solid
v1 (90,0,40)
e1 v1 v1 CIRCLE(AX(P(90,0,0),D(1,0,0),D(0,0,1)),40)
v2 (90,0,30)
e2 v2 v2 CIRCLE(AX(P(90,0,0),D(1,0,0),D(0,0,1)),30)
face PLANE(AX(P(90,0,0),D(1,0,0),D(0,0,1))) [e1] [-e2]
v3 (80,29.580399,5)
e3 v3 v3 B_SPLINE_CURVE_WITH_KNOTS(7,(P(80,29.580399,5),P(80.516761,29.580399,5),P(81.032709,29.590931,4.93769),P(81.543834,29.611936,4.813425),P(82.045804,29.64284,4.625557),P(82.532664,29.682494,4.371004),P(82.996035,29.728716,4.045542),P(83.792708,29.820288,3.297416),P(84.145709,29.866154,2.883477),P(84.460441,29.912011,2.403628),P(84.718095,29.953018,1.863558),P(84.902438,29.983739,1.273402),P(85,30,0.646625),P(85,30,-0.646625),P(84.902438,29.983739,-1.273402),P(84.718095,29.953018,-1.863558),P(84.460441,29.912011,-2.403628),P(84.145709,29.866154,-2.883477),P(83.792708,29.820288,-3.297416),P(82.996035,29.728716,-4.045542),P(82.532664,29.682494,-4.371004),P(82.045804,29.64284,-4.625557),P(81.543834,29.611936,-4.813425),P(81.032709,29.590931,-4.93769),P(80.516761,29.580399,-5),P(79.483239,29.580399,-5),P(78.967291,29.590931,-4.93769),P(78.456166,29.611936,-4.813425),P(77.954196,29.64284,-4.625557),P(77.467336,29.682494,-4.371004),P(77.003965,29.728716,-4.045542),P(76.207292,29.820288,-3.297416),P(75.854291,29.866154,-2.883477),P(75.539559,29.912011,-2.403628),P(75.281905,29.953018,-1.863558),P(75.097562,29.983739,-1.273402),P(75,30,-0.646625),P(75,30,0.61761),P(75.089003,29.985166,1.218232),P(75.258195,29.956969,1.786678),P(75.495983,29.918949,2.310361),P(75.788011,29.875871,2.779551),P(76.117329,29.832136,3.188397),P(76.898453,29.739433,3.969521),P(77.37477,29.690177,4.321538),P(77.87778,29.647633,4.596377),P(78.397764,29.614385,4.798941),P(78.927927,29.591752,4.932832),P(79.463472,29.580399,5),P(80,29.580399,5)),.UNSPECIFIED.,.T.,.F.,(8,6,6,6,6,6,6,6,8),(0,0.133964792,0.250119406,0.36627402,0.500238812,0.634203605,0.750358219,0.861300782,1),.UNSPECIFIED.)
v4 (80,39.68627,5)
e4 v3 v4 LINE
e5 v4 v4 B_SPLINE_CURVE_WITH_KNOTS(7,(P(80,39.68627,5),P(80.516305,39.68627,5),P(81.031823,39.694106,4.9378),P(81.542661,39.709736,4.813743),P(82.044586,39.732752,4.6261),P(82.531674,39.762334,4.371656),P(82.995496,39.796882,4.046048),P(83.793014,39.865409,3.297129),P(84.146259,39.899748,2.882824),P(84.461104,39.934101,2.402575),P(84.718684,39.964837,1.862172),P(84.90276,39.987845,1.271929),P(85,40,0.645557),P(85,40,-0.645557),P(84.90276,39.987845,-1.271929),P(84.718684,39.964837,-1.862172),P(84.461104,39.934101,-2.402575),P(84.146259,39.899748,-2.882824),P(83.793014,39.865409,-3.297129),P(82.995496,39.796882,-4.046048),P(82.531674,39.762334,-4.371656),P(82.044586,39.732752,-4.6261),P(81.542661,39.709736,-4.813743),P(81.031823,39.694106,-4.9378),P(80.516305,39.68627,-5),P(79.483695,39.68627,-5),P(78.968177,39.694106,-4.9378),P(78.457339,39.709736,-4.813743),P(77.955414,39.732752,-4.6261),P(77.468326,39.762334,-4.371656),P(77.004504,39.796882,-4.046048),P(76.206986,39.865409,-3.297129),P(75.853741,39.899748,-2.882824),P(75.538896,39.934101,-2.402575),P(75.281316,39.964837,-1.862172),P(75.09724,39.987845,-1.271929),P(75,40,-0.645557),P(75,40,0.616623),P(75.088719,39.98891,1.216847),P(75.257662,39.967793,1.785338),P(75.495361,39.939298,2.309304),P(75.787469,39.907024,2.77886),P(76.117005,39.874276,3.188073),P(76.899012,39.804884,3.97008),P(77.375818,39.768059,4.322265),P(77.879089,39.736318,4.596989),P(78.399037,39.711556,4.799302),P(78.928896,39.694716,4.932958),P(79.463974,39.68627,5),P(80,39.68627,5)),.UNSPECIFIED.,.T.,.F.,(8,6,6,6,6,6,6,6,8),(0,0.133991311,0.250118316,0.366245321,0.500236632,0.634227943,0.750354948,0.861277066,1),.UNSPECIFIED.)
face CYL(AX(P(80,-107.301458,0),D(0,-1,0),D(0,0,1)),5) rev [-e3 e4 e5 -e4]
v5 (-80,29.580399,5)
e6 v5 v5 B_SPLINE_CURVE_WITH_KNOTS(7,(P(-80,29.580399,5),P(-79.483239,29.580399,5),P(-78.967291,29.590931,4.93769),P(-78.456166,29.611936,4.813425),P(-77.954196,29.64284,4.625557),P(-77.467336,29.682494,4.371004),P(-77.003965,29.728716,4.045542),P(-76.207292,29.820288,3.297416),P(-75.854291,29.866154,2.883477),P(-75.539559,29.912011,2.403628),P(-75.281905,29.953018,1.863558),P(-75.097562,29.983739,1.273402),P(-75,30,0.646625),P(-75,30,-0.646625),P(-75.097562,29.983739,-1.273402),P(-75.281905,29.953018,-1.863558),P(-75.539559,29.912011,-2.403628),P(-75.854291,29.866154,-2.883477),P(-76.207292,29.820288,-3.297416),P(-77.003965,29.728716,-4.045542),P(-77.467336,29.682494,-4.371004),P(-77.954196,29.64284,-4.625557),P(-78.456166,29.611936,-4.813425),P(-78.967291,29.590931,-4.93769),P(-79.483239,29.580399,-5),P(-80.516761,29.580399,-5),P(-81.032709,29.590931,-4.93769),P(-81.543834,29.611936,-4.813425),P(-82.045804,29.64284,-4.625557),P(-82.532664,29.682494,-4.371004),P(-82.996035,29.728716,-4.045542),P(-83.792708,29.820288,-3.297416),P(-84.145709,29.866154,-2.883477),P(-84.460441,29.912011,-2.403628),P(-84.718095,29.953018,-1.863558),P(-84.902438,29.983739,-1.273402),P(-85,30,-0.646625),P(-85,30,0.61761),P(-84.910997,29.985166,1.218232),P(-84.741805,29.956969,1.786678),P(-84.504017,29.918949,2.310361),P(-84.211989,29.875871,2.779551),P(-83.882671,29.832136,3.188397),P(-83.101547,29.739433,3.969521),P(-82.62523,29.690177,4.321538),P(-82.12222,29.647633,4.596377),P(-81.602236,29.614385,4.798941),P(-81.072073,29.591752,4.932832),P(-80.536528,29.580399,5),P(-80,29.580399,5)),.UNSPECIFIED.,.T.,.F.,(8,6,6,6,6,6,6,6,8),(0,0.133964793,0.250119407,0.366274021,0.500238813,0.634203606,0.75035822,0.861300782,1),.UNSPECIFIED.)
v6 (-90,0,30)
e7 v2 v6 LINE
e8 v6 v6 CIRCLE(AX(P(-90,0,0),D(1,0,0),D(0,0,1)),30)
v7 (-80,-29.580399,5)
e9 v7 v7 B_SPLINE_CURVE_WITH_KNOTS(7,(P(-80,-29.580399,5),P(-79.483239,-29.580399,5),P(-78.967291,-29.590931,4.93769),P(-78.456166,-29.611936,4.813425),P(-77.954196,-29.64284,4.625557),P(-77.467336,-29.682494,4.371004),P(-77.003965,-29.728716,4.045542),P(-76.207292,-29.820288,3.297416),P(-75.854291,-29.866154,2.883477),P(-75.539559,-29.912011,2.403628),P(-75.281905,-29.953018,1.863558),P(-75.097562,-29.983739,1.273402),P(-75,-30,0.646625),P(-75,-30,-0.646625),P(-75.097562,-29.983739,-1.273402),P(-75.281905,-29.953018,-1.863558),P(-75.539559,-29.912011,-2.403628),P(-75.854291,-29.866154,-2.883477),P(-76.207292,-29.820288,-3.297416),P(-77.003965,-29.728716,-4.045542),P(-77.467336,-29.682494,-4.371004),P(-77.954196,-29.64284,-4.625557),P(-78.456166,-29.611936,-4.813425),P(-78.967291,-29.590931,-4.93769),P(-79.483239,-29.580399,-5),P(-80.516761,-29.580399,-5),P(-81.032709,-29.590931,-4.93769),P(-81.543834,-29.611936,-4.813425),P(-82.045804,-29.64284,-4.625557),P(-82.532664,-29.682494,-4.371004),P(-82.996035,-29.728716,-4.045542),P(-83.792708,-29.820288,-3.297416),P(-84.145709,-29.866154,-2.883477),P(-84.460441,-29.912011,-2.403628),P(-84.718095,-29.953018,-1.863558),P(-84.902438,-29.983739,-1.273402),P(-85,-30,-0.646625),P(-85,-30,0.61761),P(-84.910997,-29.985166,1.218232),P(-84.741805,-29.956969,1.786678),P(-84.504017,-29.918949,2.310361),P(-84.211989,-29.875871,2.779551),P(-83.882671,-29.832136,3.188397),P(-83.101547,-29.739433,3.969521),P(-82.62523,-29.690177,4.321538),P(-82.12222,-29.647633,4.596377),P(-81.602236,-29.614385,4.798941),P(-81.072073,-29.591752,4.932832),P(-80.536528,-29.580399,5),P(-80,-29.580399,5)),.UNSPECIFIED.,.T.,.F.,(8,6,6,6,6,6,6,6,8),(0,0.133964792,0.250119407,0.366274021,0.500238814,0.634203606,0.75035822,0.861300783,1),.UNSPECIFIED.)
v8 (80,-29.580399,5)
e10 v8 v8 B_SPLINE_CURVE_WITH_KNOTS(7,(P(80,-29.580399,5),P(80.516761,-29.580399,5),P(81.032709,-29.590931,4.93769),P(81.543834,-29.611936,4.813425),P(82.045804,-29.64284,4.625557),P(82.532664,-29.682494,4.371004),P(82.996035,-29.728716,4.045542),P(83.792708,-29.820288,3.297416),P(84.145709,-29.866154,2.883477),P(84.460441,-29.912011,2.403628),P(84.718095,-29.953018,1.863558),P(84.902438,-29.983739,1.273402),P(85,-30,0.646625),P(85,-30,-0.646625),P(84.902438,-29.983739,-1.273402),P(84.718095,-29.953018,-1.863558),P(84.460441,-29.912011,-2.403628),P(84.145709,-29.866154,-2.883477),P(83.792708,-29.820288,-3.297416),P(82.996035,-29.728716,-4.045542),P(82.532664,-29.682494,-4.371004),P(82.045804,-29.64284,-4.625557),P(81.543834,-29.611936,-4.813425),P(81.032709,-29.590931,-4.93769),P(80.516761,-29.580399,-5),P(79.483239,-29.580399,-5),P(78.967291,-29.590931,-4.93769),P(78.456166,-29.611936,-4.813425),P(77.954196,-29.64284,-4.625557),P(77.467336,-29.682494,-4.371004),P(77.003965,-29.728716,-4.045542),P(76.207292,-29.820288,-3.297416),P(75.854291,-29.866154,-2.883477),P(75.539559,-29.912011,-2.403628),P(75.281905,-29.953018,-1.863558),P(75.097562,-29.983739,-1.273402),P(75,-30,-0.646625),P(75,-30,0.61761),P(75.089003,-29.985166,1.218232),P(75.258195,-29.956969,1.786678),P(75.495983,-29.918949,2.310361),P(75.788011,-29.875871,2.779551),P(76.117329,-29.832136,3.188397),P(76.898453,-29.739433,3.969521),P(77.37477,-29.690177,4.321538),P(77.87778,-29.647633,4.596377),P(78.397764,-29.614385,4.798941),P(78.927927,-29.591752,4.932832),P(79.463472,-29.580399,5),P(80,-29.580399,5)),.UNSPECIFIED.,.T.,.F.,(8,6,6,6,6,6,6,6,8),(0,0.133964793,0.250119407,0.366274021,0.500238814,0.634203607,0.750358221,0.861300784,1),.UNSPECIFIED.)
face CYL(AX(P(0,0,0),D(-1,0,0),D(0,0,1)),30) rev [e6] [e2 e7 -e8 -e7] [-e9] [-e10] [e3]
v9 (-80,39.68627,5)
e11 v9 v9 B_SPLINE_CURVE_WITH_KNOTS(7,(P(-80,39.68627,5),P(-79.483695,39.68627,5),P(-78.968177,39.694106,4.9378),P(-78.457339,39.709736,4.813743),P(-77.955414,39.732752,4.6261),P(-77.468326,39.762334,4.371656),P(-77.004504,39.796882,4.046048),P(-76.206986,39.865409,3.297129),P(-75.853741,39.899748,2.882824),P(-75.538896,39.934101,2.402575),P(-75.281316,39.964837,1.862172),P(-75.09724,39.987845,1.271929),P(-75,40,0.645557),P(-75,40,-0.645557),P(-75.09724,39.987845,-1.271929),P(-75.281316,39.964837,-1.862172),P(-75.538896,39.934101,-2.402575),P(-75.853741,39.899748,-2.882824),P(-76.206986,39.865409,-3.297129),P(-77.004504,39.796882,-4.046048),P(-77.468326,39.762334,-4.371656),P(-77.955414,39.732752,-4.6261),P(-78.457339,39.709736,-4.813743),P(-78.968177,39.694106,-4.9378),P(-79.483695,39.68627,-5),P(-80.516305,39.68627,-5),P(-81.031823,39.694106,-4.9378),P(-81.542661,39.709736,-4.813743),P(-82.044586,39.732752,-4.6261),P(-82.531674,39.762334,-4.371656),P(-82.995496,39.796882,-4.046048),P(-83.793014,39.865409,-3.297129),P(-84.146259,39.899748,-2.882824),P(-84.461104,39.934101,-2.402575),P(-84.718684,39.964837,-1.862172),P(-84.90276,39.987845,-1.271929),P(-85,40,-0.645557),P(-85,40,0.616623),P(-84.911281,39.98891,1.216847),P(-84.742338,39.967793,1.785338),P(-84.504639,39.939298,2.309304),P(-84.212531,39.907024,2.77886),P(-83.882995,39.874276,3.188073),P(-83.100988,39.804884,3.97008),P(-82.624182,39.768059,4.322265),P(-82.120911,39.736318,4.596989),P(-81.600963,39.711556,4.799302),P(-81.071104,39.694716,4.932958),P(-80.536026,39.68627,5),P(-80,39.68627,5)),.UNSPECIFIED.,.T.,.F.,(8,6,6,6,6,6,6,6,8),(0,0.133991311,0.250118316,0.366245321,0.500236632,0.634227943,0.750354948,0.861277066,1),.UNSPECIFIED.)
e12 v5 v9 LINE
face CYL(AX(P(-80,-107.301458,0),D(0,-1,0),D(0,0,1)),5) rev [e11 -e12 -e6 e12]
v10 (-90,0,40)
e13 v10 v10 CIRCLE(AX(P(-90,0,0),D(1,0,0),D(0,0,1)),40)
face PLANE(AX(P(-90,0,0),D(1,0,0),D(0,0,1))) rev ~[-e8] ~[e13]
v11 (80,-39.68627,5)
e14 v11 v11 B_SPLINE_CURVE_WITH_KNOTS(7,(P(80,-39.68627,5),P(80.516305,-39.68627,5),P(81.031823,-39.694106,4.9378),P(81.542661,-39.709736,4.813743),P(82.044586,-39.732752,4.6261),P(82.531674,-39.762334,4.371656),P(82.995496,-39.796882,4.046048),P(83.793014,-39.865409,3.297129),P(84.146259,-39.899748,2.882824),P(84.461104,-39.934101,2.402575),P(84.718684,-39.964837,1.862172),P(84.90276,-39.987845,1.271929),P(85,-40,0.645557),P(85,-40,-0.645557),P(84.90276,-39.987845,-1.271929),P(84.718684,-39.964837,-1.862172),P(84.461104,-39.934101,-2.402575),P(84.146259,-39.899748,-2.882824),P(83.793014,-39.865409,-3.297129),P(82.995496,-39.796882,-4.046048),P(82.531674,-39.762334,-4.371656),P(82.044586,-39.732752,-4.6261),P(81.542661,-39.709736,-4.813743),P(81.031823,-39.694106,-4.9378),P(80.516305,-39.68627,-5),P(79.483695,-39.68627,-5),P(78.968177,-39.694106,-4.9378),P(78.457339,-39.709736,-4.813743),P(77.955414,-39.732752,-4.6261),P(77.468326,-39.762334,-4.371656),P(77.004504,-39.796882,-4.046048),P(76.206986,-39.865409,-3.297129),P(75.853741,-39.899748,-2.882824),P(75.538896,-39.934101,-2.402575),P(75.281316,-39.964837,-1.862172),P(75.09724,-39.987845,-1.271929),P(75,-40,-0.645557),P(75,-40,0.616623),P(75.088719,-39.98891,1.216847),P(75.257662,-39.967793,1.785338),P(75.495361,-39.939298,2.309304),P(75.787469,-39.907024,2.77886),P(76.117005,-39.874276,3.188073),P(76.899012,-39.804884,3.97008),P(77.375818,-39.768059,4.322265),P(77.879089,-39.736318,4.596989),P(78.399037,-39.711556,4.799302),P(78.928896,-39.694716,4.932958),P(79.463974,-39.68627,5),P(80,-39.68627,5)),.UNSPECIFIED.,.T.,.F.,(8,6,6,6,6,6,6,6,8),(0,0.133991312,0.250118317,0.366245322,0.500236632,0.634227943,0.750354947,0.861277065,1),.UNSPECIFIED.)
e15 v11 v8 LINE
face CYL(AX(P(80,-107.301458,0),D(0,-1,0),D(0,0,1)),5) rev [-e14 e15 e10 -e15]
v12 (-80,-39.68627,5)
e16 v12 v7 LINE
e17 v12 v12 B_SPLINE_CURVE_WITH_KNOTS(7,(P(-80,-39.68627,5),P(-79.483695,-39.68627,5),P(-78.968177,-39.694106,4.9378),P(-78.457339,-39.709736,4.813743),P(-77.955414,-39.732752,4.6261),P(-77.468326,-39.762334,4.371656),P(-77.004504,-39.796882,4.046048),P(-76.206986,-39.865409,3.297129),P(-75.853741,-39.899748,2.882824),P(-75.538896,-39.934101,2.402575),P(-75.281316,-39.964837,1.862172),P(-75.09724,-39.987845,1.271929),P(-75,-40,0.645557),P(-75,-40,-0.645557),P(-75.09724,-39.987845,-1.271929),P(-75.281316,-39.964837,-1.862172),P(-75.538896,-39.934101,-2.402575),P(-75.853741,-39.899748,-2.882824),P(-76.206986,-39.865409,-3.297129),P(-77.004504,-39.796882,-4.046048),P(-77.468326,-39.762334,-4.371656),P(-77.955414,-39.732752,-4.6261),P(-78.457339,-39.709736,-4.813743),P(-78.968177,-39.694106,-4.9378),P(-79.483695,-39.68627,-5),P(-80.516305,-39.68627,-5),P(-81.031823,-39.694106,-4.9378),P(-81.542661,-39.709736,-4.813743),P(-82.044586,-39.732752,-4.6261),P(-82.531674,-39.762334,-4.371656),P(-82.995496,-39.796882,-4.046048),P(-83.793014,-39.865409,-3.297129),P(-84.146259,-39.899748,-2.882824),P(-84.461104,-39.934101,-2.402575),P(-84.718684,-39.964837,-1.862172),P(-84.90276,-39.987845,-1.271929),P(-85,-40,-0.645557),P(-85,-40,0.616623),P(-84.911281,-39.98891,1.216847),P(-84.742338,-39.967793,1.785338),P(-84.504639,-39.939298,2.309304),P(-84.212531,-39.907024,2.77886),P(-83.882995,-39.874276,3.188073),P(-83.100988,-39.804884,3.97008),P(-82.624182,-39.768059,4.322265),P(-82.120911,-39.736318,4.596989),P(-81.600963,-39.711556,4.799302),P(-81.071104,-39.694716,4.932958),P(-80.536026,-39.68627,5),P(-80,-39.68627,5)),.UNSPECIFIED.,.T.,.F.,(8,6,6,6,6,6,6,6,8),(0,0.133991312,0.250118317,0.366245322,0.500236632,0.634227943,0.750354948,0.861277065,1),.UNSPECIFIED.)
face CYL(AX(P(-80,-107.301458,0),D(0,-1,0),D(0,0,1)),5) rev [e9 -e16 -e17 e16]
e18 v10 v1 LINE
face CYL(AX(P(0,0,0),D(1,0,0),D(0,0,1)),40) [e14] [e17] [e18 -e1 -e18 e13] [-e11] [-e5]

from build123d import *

# Parameters (mm, degrees)
CROQUIS1_R                 = 40
CROQUIS1_R_2               = 30
SALIENTE_EXTRUIR1_DEPTH    = 90
CORTAR_EXTRUIR1_DEPTH      = 107.301458127
CORTAR_EXTRUIR1_DEPTH_BACK = 107.301458127
CROQUIS2_R                 = 5


with BuildPart() as part:
    # Croquis1 → Saliente-Extruir1 (new, symmetric)
    with BuildSketch(Plane(origin=(0, 0, 0), x_dir=(0, 0, -1), z_dir=(1, 0, 0))):
        with Locations(Location((0, 0, 0), (0, 0, 180))):
            Circle(CROQUIS1_R)
        with Locations(Location((0, 0, 0), (0, 0, 180))):
            Circle(CROQUIS1_R_2, mode=Mode.SUBTRACT)
    extrude(amount=SALIENTE_EXTRUIR1_DEPTH, both=True)

    # Croquis2 → Cortar-Extruir1 (cut, two sides: drawn at the far end of the back side and taken through both)
    with BuildSketch(Plane(origin=(0, 0, 0), x_dir=(1, 0, 0), z_dir=(0, 1, 0)).offset(-CORTAR_EXTRUIR1_DEPTH_BACK)):
        with Locations(Location((-80, 0, 0), (0, 0, 270))):
            Circle(CROQUIS2_R)
        with Locations(Location((80, 0, 0), (0, 0, 270))):
            Circle(CROQUIS2_R)
    extrude(amount=CORTAR_EXTRUIR1_DEPTH + CORTAR_EXTRUIR1_DEPTH_BACK, mode=Mode.SUBTRACT)


solid = part.part
